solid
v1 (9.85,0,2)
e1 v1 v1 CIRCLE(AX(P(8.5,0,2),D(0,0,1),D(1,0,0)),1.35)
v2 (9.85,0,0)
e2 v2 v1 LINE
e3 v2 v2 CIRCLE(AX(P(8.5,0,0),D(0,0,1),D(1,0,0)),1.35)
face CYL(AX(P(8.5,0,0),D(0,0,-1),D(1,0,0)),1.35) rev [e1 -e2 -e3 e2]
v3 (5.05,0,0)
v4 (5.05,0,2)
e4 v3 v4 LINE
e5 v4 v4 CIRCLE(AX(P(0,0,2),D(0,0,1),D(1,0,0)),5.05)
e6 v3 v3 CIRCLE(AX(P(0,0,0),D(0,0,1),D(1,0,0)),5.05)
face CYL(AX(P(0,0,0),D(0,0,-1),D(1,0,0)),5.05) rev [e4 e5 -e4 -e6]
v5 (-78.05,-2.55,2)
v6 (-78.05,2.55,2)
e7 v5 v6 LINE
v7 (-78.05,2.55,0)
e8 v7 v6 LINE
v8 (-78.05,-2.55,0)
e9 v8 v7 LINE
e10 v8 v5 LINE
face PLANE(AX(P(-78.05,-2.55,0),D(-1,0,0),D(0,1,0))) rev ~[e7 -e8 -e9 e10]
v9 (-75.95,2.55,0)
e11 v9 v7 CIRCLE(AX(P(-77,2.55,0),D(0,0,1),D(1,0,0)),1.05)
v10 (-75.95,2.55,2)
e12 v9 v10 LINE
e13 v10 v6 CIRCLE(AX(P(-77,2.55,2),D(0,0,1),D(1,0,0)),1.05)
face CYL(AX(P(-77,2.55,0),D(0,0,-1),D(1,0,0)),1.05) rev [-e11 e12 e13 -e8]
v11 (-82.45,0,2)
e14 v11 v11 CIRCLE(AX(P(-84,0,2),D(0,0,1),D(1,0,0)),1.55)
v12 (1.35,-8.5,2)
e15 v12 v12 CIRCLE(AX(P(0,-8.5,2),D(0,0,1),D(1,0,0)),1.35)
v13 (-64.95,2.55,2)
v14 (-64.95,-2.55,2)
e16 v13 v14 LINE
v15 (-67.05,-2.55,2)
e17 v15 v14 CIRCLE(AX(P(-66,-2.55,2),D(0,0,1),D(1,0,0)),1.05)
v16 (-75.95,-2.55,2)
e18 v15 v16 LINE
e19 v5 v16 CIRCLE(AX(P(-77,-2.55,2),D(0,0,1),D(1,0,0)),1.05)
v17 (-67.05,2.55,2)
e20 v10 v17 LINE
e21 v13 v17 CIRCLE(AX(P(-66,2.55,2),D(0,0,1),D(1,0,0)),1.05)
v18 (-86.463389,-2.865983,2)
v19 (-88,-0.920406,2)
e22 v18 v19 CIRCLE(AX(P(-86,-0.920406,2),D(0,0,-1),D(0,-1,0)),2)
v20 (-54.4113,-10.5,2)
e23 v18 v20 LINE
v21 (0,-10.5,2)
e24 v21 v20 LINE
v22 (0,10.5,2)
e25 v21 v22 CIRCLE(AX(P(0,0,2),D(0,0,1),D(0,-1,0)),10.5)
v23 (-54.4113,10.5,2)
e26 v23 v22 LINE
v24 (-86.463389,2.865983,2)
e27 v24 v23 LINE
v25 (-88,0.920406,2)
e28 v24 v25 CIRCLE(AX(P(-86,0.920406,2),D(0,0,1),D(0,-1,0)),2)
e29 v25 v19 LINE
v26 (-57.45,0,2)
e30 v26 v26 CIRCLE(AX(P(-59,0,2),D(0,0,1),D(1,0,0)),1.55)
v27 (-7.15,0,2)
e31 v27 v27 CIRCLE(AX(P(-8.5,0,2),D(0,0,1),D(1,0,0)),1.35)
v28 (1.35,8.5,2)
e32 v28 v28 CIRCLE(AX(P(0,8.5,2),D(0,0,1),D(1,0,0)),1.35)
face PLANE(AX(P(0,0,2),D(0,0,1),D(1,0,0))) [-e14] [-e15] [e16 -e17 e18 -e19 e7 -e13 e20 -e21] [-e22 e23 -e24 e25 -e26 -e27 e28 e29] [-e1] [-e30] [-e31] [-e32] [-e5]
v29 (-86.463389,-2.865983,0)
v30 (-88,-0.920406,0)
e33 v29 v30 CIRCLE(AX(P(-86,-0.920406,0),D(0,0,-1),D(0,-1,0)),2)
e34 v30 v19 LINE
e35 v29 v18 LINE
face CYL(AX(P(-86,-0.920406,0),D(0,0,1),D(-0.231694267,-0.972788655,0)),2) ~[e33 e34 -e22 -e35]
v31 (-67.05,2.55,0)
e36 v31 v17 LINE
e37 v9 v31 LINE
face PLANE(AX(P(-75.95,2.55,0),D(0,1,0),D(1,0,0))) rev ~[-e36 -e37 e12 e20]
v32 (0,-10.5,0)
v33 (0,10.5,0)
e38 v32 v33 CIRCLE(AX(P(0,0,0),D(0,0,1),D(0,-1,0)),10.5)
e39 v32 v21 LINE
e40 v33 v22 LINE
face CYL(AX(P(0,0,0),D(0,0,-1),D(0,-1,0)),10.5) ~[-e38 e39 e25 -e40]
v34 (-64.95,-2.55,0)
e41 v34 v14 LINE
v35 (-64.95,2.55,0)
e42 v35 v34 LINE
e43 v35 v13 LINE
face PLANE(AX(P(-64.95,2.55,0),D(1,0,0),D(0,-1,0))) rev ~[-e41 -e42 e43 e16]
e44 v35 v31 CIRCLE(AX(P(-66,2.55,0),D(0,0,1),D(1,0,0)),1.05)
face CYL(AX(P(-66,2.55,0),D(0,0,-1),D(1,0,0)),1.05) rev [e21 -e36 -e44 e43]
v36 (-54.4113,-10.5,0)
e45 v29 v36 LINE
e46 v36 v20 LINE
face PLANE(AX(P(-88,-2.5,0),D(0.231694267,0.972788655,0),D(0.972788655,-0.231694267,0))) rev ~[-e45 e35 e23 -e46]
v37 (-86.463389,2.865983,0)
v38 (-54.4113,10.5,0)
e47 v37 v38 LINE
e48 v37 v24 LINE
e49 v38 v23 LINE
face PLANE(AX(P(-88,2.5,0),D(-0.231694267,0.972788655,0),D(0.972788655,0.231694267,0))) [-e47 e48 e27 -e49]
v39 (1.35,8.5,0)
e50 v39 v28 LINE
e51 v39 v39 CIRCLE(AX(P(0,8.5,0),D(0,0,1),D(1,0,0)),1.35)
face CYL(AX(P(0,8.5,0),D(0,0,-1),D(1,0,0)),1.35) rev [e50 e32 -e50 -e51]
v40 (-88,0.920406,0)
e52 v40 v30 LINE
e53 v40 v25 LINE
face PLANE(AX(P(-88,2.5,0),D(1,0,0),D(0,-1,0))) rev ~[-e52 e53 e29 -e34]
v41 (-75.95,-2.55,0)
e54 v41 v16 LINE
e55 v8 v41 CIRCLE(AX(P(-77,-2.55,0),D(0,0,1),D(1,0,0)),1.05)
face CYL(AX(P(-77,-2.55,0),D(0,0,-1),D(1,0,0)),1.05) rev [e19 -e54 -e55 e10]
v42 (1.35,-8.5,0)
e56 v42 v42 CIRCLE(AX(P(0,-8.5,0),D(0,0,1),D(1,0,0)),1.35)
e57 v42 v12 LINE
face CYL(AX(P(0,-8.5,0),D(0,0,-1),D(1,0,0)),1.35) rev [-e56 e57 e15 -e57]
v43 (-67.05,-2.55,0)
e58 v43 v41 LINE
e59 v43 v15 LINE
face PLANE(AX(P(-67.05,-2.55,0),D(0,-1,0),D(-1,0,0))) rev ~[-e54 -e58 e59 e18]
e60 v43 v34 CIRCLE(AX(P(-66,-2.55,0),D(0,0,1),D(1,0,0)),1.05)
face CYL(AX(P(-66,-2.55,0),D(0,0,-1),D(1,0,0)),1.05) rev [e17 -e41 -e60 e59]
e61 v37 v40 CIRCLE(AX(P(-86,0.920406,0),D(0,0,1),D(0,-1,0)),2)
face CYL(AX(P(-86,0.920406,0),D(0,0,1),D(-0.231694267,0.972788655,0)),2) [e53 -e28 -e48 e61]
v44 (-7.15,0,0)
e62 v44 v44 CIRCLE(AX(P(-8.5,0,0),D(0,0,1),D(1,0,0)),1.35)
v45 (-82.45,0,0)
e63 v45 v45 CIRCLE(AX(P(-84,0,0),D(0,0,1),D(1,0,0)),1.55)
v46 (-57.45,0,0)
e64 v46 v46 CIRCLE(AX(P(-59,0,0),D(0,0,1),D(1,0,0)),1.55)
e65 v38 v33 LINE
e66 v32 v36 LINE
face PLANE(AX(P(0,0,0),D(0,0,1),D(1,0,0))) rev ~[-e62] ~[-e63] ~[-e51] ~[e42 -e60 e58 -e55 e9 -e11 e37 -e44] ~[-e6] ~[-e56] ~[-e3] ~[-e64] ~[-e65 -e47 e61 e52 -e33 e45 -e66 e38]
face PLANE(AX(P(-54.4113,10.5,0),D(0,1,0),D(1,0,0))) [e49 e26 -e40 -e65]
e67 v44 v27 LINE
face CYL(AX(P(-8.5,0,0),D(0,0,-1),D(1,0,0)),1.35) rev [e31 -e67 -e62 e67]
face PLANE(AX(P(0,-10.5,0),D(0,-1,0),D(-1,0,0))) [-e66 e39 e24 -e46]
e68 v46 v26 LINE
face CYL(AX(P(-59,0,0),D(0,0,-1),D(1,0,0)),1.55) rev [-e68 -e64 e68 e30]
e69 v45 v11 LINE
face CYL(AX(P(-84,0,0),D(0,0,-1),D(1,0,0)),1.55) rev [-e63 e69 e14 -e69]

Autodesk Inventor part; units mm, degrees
ref_plane "YZ Plane" through (0, 0, 0) normal (1, 0, 0) x (0, 1, 0)
ref_plane "XZ Plane" through (0, 0, 0) normal (0, 1, 0) x (-1, 0, 0)
ref_plane "XY Plane" through (0, 0, 0) normal (0, 0, 1) x (1, 0, 0)
sketch "スケッチ1" plane through (0, 0, 0) normal (0, 0, 1) x (1, 0, 0)
  circle A0 centre (0, 0) radius 10.5 construction
  line L0 (0, 10.5) -> (-200, 10.5) construction
  line L1 (-200, 10.5) -> (-200, -10.5) construction
  line L2 (-200, -10.5) -> (0, -10.5) construction
  circle A1 centre (-195, 0) radius 1.55 construction
  line L3 (-185, 2.5) -> (-70, 2.5) construction
  line L4 (-70, 2.5) -> (-70, -2.5) construction
  line L5 (-70, -2.5) -> (-185, -2.5) construction
  line L6 (-185, -2.5) -> (-185, 2.5) construction
  line L7 (-127.5, 2.5) -> (-127.5, -2.5) construction
  circle A2 centre (-60, 0) radius 1.55 construction
  line L8 (-12, 21.3027) -> (-12, -27.3903) construction
  line L9 (-69.95, 2.55) -> (-185.05, 2.55) construction
  line L10 (-185.05, 2.55) -> (-185.05, -2.55) construction
  line L11 (-185.05, -2.55) -> (-69.95, -2.55) construction
  line L12 (-69.95, -2.55) -> (-69.95, 2.55) construction
  circle A3 centre (-184, 2.55) radius 1.05 construction
  line L13 (-185, 0) -> (-127.5, 0) construction
  line L14 (-185.05, 2.55) -> (-185.05, -2.55) construction
  arc A4 (-182.95, 2.55) -> (-185.05, 2.55) centre (-184, 2.55) ccw construction
  line L15 (-182.95, 2.55) -> (-72.05, 2.55) construction
  arc A5 (-69.95, 2.55) -> (-72.05, 2.55) centre (-71, 2.55) ccw construction
  line L16 (-69.95, 2.55) -> (-69.95, -2.55) construction
  arc A6 (-185.05, -2.55) -> (-182.95, -2.55) centre (-184, -2.55) ccw construction
  line L17 (-182.95, -2.55) -> (-72.05, -2.55) construction
  arc A7 (-72.05, -2.55) -> (-69.95, -2.55) centre (-71, -2.55) ccw construction
  circle A8 centre (0, 8.5) radius 1.35
  circle A9 centre (0, 0) radius 5.05
  circle A10 centre (-8.5, 0) radius 1.35
  circle A11 centre (0, -8.5) radius 1.35
  circle A12 centre (8.5, 0) radius 1.35
  line L18 (-200, 4.8006) -> (-200, -4.8006) construction
  line L19 (-200, 4.8006) -> (-60, 10.5) construction
  line L20 (-60, 10.5) -> (0, 10.5) construction
  line L21 (-200, -4.8006) -> (-60, -10.5) construction
  line L22 (-60, -10.5) -> (0, -10.5) construction
  arc A13 (0, -10.5) -> (0, 10.5) centre (0, 0) ccw construction
  circle A14 centre (-195, 0) radius 5 construction
  circle A15 centre (-59, 0) radius 1.55
  circle A16 centre (-84, 0) radius 1.55
  line L23 (-55, -2.5) -> (-88, -2.5) construction
  line L24 (-88, -2.5) -> (-88, 2.5) construction
  line L25 (-88, 2.5) -> (-55, 2.5) construction
  line L26 (-55, 2.5) -> (-55, -2.5) construction
  line L27 (-65, -2.5) -> (-78, -2.5) construction
  line L28 (-78, -2.5) -> (-78, 2.5) construction
  line L29 (-78, 2.5) -> (-65, 2.5) construction
  line L30 (-65, 2.5) -> (-65, -2.5) construction
  line L31 (-64.95, -2.55) -> (-78.05, -2.55)
  line L32 (-78.05, -2.55) -> (-78.05, 2.55)
  line L33 (-78.05, 2.55) -> (-64.95, 2.55)
  line L34 (-64.95, 2.55) -> (-64.95, -2.55)
  circle A17 centre (-66, -2.55) radius 1.05
  circle A18 centre (-66, 2.55) radius 1.05
  circle A19 centre (-77, -2.55) radius 1.05
  circle A20 centre (-77, 2.55) radius 1.05
  line L35 (-88, 2.5) -> (-88, -2.5)
  line L36 (-88, -2.5) -> (-54.4113, -10.5)
  line L37 (-88, 2.5) -> (-54.4113, 10.5)
  arc A21 (0, -10.5) -> (0, 10.5) centre (0, 0) ccw
  line L38 (-54.4113, 10.5) -> (0, 10.5)
  line L39 (0, -10.5) -> (-54.4113, -10.5)
  circle A22 centre (-77, 2.55) radius 2.5 construction
  circle A23 centre (0, 0) radius 16 construction
  circle A24 centre (0, 0) radius 21 construction
  line L40 (-21, 19.3585) -> (-21, -28.09) construction
  point P0 (-200, 0)
  point P1 (-55, 0)
  dimension "d9" = 2.1
  dimension "d29" = 2.1
  dimension "d0" = 200
  dimension "d1" = 3.1
  dimension "d2" = 21
  dimension "d3" = 10
  dimension "d4" = 5
  dimension "d5" = 12
  dimension "d6" = 135
  dimension "d7" = 5
  dimension "d8" = 0.05
  dimension "d10" = 2.7
  dimension "d11" = 8.5
  dimension "d12" = 10.1
  dimension "d15" = 360
  dimension "d20" = 3.1
  dimension "d21" = 5
  dimension "d22" = 4
  dimension "d23" = 5
  dimension "d24" = 25
  dimension "d26" = 10
  dimension "d27" = 4
  dimension "d28" = 10
  dimension "d30" = 0.05
  dimension "d32" = 5
  dimension "d33" = 32
  dimension "d34" = 5
extrude "押し出し1" add sketch "スケッチ1" along normal blind 2
fillet "フィレット2" radius 2 2 edges at (-88, 2.5, 1) (-88, -2.5, 1)
equation "\"d0\" = d0_1"
equation "\"d2\" = d2_1"
equation "\"d3\" = d3_1"
equation "\"d4\" = d4_1"
equation "\"d6\" = d6_1"
equation "\"d21\" = d4"
equation "\"d27\" = d22"
equation "\"d28\" = d26"
equation "\"d2_1\" = 21"
equation "\"d3_1\" = 10"
equation "\"d4_1\" = 5"
equation "\"d6_1\" = 135"
equation "\"d0_1\" = 200"
properties part number "ForeArm_inside_frame" material "GFRP"
